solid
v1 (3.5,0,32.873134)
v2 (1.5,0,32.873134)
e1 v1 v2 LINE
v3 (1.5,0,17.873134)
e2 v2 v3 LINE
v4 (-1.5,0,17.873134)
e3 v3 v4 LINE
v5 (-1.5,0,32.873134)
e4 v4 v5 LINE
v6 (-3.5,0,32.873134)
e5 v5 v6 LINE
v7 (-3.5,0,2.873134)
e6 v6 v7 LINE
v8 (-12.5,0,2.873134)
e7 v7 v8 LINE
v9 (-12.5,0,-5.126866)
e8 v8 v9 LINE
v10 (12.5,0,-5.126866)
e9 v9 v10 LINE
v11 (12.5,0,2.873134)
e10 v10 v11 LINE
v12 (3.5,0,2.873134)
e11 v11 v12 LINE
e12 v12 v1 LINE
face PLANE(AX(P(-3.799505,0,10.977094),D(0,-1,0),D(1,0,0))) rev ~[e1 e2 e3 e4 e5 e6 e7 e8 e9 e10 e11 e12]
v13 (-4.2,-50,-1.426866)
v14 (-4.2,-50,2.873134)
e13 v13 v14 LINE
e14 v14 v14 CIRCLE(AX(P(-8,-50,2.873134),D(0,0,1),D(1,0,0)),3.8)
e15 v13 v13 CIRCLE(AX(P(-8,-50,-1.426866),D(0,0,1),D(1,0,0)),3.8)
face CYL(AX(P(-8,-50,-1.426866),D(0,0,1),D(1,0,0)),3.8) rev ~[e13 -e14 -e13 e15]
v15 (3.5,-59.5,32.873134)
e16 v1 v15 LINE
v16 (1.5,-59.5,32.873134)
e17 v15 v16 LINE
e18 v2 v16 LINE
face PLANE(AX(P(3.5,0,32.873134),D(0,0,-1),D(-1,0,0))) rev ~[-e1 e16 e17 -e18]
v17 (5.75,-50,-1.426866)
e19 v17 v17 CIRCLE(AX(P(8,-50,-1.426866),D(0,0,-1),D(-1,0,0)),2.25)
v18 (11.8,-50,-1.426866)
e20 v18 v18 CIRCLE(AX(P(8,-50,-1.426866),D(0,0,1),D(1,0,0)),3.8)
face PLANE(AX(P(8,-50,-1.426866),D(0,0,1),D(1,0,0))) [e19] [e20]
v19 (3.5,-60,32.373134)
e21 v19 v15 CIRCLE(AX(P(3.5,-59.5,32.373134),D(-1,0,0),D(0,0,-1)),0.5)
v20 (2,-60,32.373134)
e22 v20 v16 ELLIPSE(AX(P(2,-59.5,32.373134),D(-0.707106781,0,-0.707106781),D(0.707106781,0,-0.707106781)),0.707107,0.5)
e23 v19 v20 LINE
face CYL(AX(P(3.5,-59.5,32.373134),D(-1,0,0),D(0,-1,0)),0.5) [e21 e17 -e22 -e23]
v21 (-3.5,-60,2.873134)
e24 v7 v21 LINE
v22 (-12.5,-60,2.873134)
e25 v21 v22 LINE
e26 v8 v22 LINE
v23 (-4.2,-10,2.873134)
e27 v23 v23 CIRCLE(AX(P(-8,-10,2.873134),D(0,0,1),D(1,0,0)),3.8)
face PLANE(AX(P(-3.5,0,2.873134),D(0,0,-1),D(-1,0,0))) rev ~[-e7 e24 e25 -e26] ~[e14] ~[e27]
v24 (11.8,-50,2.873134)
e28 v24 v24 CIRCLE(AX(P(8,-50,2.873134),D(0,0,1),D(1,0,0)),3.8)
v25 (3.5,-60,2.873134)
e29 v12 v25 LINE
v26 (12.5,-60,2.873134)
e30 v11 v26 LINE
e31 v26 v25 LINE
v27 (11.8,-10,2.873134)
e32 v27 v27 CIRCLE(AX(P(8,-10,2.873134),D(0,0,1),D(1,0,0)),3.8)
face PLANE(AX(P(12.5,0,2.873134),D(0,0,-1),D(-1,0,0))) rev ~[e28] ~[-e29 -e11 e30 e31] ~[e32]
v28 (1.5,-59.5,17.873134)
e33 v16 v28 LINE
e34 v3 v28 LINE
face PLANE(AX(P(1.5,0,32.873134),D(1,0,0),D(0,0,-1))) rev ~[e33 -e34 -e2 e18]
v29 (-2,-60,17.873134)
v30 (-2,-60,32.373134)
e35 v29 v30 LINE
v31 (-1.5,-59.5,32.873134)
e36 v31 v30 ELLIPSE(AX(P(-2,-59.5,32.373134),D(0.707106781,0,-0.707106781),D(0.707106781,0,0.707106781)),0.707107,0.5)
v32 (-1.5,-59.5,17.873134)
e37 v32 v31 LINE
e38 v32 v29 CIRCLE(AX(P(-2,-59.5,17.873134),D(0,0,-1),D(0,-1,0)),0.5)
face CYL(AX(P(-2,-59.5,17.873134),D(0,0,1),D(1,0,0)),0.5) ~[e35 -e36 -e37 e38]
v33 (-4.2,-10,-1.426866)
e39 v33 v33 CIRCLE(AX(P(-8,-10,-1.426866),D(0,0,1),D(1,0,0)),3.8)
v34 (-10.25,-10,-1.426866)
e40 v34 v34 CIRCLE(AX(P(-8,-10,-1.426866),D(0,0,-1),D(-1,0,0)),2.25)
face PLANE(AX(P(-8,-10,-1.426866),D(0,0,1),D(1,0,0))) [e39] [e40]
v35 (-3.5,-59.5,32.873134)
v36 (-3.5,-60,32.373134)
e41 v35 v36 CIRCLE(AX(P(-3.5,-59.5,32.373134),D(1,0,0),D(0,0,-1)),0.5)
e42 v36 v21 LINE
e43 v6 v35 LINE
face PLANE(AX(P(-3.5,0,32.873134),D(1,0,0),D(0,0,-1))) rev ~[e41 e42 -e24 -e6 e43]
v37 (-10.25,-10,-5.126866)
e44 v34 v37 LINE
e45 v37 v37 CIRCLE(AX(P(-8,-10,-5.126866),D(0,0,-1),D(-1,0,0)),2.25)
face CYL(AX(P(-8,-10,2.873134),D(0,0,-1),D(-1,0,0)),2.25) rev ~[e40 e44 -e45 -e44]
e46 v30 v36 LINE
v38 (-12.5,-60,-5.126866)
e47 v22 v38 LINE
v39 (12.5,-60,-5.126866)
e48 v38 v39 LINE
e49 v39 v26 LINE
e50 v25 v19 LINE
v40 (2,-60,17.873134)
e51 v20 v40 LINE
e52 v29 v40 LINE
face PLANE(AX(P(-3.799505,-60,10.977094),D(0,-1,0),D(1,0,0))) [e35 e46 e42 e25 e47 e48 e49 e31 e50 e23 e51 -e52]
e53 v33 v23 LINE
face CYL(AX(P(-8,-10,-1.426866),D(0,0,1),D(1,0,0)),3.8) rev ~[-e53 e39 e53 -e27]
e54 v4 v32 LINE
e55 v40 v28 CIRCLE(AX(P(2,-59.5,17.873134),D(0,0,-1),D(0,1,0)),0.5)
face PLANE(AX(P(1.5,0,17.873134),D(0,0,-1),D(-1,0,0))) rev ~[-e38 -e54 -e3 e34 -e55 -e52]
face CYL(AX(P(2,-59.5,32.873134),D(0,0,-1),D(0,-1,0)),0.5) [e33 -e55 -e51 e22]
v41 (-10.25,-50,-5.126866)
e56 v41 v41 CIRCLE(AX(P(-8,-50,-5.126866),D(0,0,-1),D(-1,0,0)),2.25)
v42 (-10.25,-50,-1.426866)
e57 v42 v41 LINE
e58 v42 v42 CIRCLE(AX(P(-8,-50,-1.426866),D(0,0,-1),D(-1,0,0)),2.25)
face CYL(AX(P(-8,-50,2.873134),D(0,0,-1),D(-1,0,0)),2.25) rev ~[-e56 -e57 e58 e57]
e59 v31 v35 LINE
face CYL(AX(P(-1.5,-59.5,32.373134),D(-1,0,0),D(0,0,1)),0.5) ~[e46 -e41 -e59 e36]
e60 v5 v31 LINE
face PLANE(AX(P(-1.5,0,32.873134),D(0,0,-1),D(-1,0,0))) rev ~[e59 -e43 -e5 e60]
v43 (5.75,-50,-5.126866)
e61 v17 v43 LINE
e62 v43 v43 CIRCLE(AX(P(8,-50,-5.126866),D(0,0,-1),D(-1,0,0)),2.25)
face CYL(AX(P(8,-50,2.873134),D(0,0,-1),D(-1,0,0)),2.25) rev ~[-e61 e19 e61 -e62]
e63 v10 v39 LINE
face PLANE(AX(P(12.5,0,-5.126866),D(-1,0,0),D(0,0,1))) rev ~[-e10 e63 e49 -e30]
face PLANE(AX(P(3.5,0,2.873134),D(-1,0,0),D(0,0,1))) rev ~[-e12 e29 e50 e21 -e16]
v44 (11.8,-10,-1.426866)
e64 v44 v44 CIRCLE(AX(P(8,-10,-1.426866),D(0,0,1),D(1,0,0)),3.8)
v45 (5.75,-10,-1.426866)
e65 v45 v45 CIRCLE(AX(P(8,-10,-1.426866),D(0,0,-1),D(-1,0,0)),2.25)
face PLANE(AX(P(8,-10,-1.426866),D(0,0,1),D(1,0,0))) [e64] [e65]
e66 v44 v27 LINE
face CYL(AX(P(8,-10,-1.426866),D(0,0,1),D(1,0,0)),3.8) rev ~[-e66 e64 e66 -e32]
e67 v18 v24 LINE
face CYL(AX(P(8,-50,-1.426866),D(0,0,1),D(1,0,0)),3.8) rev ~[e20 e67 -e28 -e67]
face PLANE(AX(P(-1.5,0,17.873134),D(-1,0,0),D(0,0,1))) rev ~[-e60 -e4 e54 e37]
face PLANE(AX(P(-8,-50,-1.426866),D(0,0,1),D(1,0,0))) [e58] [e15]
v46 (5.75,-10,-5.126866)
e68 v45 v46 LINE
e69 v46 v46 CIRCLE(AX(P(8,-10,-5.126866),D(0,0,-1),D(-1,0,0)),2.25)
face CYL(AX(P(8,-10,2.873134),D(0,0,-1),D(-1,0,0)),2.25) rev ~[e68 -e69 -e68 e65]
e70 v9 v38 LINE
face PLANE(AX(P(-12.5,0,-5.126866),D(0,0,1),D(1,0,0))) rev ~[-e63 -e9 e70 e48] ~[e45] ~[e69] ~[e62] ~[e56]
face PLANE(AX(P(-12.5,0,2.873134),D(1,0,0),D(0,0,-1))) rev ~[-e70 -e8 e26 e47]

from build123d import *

# Parameters (mm, degrees)
F1_DEPTH       = 60
F3_D           = 4.5
F3_CBORE_D     = 7.6
F3_CBORE_DEPTH = 4.3
F4_R           = 0.5


with BuildPart() as f1:
    # F0 (on Front) → F1 (new body)
    with BuildSketch(Plane.XZ):
        Polygon((0, -5.126866), (0, 17.873134), (-1.5, 17.873134), (-1.5, 32.873134), (-3.5, 32.873134), (-3.5, 2.873134), (-12.5, 2.873134), (-12.5, -5.126866), align=None)
        Polygon((1.5, 17.873134), (0, 17.873134), (0, -5.126866), (12.5, -5.126866), (12.5, 2.873134), (3.5, 2.873134), (3.5, 32.873134), (1.5, 32.873134), align=None)
    extrude(amount=F1_DEPTH)

    # F3 (through all)
    with Locations(Plane.XY.offset(2.873134)):
        with Locations((-8, -50), (-8, -10), (8, -50), (8, -10)):
            CounterBoreHole(F3_D / 2, F3_CBORE_D / 2, F3_CBORE_DEPTH)

    # F4
    f4_edges = [f1.edges().sort_by_distance(p)[0] for p in [
        (-1.5, -60, 25.373134),
        (1.5, -60, 25.373134),
        (2.5, -60, 32.873134),
        (-2.5, -60, 32.873134),
    ]]
    fillet(f4_edges, radius=F4_R)


solid = f1.part
